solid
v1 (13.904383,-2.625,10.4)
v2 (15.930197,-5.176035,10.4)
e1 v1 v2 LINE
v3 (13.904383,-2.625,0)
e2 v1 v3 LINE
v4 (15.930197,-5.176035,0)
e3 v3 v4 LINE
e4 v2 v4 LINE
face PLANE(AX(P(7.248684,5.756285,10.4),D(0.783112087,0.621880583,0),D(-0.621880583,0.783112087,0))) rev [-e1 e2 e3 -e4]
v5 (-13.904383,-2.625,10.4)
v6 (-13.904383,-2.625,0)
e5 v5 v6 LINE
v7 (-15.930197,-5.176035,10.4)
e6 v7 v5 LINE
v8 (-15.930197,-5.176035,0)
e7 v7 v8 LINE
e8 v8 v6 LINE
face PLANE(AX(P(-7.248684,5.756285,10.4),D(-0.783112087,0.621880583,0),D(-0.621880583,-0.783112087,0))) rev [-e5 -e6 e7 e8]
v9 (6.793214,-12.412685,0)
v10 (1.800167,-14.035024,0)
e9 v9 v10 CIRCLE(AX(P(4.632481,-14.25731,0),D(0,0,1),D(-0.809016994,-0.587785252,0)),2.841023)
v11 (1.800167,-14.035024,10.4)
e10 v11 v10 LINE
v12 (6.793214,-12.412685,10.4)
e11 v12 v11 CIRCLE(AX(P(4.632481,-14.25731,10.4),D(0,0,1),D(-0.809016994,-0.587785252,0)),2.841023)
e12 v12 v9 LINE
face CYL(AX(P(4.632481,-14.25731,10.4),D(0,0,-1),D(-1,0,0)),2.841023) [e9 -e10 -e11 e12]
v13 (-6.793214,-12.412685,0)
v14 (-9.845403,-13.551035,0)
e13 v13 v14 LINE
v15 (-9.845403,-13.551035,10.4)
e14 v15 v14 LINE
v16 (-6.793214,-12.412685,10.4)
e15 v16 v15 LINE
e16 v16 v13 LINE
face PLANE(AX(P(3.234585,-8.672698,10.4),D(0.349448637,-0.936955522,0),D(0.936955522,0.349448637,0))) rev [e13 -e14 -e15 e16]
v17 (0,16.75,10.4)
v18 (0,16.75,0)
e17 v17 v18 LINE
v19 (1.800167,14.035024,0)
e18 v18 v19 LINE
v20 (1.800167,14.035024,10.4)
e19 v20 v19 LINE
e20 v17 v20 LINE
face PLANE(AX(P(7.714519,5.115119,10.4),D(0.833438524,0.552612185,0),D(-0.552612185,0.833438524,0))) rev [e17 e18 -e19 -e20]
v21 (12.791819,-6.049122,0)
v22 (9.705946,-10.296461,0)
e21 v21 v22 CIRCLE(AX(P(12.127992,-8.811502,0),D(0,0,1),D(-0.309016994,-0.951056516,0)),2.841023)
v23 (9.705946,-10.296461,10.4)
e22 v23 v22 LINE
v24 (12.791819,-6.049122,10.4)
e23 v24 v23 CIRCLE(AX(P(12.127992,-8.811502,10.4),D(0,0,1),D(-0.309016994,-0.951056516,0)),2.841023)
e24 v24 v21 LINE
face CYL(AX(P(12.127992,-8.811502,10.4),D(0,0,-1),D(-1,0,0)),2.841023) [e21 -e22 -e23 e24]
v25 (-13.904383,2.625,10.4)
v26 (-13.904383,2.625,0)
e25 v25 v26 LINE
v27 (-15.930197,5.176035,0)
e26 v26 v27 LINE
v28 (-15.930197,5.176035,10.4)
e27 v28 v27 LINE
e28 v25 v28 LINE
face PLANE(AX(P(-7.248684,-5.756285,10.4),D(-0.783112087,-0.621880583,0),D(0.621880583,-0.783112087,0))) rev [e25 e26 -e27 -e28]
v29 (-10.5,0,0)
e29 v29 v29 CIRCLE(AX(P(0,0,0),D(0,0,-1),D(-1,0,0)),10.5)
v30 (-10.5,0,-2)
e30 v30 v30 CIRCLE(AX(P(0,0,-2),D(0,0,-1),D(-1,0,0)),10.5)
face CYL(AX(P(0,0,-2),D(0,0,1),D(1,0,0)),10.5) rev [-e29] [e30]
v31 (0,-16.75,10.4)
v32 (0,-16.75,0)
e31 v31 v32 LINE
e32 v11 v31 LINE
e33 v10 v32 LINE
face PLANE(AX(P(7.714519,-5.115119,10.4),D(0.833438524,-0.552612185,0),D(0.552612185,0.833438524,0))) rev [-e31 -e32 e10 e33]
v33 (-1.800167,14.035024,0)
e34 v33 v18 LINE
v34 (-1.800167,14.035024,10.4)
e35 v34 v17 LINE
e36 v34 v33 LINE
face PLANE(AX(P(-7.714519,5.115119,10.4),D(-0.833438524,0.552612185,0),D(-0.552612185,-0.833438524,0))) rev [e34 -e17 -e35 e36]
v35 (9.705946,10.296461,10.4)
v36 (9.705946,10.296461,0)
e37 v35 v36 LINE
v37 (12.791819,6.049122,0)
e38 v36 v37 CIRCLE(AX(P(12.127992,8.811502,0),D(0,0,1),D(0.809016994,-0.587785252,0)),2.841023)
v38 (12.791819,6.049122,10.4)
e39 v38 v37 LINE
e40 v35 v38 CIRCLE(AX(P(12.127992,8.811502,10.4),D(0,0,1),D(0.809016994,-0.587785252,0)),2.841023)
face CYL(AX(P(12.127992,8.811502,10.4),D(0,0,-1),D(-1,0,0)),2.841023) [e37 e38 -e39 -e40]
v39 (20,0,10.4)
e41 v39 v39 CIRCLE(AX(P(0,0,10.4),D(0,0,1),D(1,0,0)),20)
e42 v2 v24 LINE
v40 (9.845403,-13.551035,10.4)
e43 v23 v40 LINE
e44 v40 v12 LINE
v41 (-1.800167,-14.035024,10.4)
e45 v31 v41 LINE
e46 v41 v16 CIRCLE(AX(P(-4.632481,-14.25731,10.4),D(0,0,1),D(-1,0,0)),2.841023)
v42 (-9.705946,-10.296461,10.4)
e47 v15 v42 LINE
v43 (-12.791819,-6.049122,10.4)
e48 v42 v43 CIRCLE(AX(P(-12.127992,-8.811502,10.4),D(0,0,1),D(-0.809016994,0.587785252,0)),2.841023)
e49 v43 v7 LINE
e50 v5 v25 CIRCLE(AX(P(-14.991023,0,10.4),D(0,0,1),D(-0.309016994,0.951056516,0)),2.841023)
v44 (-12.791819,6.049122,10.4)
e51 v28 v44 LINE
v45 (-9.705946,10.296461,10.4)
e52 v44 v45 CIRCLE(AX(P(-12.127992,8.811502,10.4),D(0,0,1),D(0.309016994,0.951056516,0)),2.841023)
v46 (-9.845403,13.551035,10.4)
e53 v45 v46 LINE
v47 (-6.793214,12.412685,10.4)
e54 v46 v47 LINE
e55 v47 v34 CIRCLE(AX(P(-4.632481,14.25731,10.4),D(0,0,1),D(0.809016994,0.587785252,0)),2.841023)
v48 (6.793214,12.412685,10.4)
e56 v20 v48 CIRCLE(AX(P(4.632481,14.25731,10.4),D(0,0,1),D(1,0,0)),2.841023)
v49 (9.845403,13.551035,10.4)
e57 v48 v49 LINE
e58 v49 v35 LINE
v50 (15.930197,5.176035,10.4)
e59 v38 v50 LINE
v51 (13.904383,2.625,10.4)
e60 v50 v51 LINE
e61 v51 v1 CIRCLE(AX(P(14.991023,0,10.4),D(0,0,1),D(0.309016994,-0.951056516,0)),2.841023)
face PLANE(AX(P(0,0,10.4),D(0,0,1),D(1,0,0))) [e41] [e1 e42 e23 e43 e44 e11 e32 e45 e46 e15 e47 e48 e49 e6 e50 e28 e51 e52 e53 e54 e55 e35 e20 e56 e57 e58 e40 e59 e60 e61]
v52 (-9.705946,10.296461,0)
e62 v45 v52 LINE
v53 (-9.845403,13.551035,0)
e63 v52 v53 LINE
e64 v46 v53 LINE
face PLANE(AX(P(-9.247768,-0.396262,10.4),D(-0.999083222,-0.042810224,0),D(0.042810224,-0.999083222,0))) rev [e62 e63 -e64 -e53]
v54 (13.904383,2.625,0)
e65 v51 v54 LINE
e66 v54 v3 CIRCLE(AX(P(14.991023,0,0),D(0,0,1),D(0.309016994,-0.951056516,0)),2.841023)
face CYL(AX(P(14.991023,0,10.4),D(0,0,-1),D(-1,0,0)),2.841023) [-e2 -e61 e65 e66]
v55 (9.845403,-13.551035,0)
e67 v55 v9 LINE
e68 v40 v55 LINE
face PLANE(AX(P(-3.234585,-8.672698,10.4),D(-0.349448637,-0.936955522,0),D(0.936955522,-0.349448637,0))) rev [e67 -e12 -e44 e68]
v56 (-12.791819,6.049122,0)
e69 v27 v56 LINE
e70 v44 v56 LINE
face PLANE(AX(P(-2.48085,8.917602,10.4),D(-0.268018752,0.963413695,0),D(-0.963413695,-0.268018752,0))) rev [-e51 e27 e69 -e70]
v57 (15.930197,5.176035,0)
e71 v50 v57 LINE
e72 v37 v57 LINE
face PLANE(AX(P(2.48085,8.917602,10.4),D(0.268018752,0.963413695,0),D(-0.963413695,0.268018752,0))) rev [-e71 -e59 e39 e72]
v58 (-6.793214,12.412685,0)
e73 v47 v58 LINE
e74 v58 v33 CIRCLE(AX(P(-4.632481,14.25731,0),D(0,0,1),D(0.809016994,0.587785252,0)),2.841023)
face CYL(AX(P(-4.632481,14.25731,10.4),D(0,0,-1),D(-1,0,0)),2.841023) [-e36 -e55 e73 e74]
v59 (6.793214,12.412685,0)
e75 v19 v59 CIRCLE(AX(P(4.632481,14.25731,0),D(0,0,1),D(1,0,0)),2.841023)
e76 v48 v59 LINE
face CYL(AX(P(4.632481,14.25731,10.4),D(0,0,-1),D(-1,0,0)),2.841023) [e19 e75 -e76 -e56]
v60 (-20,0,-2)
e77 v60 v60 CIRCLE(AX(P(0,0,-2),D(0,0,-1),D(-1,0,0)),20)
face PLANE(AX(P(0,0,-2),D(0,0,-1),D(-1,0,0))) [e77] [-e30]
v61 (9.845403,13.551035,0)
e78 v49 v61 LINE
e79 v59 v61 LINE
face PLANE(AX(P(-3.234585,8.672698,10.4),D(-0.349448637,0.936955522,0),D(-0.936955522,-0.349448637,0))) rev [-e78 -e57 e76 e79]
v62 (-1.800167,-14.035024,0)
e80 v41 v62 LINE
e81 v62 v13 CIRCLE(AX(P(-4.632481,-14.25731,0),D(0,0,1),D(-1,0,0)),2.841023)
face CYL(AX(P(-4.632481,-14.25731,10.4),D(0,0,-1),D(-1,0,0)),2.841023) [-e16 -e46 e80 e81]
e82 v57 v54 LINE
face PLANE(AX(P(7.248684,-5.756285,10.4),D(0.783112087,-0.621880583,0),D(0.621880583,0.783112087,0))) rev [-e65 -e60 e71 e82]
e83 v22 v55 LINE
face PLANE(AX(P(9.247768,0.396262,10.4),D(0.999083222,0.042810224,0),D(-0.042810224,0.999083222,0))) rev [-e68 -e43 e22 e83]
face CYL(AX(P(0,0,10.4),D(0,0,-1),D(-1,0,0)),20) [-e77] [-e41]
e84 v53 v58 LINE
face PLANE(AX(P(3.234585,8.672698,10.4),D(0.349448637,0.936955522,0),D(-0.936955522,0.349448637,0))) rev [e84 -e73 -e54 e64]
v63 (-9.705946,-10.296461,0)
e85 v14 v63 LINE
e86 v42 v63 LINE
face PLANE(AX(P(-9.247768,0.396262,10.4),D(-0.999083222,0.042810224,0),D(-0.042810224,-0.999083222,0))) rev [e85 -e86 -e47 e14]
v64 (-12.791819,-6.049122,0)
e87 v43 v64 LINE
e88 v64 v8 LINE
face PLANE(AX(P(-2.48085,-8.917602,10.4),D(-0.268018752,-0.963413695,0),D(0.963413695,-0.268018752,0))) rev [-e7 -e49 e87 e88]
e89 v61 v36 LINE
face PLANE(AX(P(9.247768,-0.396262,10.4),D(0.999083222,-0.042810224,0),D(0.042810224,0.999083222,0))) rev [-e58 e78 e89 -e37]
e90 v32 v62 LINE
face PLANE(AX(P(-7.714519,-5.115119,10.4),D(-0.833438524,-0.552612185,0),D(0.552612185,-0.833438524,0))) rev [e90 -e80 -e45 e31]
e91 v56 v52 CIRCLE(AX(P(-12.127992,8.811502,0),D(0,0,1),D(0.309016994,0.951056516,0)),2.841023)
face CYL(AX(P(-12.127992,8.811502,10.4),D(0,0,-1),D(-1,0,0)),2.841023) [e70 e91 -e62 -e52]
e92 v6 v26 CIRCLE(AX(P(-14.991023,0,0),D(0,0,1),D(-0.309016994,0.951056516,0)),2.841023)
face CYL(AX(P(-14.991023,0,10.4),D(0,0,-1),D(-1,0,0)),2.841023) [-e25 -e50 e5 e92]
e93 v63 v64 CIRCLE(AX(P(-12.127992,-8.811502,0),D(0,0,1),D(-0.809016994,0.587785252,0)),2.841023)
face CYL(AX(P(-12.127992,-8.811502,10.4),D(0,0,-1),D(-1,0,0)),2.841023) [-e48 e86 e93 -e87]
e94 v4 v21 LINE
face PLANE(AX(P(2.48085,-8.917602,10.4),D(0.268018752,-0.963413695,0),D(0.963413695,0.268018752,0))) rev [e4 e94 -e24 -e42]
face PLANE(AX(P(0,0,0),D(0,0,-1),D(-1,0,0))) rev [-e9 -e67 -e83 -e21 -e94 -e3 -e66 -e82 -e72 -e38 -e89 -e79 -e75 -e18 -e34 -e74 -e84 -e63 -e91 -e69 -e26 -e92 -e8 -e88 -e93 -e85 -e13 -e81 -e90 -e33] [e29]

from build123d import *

# Parameters (mm, degrees)
BOSS_EXTRUDE1_DEPTH = 10.4
CIRPATTERN1_COUNT   = 10
BOSS_EXTRUDE2_START = 2
SKETCH2_R           = 20
SKETCH2_R_2         = 10.5
BOSS_EXTRUDE2_DEPTH = 2


with BuildPart() as part:
    # Sketch1 → Boss-Extrude1 (new body)
    with BuildSketch(Plane.XY):
        with BuildLine():
            Line((6.793214092, 12.412684734), (9.845402976, 13.551034656))
            Line((9.845402976, 13.551034656), (11.755705046, 16.180339887))
            ThreePointArc((11.755705046, 16.180339887), (6.180339887, 19.021130326), (0, 20))
            Line((0, 20), (0, 16.75))
            Line((0, 16.75), (1.800167381, 14.035023954))
            ThreePointArc((1.800167381, 14.035023954), (3.754556482, 11.555336673), (6.793214092, 12.412684734))
        make_face()
    boss_extrude1 = extrude(amount=BOSS_EXTRUDE1_DEPTH)

    # CirPattern1: Boss-Extrude1 ×10 about axis
    cirpattern1_axis = Axis((0, 0, -0.52), (0, 0, 1))
    for i in range(1, CIRPATTERN1_COUNT):
        add(boss_extrude1.rotate(cirpattern1_axis, i * 360 / CIRPATTERN1_COUNT))

    # Sketch2 → Boss-Extrude2 (add)
    with BuildSketch(Plane(origin=(0, 0, 0), x_dir=(-1, 0, 0), z_dir=(0, 0, -1)).offset(BOSS_EXTRUDE2_START)):
        Circle(SKETCH2_R)
        Circle(SKETCH2_R_2, mode=Mode.SUBTRACT)
    extrude(amount=-BOSS_EXTRUDE2_DEPTH)


solid = part.part
